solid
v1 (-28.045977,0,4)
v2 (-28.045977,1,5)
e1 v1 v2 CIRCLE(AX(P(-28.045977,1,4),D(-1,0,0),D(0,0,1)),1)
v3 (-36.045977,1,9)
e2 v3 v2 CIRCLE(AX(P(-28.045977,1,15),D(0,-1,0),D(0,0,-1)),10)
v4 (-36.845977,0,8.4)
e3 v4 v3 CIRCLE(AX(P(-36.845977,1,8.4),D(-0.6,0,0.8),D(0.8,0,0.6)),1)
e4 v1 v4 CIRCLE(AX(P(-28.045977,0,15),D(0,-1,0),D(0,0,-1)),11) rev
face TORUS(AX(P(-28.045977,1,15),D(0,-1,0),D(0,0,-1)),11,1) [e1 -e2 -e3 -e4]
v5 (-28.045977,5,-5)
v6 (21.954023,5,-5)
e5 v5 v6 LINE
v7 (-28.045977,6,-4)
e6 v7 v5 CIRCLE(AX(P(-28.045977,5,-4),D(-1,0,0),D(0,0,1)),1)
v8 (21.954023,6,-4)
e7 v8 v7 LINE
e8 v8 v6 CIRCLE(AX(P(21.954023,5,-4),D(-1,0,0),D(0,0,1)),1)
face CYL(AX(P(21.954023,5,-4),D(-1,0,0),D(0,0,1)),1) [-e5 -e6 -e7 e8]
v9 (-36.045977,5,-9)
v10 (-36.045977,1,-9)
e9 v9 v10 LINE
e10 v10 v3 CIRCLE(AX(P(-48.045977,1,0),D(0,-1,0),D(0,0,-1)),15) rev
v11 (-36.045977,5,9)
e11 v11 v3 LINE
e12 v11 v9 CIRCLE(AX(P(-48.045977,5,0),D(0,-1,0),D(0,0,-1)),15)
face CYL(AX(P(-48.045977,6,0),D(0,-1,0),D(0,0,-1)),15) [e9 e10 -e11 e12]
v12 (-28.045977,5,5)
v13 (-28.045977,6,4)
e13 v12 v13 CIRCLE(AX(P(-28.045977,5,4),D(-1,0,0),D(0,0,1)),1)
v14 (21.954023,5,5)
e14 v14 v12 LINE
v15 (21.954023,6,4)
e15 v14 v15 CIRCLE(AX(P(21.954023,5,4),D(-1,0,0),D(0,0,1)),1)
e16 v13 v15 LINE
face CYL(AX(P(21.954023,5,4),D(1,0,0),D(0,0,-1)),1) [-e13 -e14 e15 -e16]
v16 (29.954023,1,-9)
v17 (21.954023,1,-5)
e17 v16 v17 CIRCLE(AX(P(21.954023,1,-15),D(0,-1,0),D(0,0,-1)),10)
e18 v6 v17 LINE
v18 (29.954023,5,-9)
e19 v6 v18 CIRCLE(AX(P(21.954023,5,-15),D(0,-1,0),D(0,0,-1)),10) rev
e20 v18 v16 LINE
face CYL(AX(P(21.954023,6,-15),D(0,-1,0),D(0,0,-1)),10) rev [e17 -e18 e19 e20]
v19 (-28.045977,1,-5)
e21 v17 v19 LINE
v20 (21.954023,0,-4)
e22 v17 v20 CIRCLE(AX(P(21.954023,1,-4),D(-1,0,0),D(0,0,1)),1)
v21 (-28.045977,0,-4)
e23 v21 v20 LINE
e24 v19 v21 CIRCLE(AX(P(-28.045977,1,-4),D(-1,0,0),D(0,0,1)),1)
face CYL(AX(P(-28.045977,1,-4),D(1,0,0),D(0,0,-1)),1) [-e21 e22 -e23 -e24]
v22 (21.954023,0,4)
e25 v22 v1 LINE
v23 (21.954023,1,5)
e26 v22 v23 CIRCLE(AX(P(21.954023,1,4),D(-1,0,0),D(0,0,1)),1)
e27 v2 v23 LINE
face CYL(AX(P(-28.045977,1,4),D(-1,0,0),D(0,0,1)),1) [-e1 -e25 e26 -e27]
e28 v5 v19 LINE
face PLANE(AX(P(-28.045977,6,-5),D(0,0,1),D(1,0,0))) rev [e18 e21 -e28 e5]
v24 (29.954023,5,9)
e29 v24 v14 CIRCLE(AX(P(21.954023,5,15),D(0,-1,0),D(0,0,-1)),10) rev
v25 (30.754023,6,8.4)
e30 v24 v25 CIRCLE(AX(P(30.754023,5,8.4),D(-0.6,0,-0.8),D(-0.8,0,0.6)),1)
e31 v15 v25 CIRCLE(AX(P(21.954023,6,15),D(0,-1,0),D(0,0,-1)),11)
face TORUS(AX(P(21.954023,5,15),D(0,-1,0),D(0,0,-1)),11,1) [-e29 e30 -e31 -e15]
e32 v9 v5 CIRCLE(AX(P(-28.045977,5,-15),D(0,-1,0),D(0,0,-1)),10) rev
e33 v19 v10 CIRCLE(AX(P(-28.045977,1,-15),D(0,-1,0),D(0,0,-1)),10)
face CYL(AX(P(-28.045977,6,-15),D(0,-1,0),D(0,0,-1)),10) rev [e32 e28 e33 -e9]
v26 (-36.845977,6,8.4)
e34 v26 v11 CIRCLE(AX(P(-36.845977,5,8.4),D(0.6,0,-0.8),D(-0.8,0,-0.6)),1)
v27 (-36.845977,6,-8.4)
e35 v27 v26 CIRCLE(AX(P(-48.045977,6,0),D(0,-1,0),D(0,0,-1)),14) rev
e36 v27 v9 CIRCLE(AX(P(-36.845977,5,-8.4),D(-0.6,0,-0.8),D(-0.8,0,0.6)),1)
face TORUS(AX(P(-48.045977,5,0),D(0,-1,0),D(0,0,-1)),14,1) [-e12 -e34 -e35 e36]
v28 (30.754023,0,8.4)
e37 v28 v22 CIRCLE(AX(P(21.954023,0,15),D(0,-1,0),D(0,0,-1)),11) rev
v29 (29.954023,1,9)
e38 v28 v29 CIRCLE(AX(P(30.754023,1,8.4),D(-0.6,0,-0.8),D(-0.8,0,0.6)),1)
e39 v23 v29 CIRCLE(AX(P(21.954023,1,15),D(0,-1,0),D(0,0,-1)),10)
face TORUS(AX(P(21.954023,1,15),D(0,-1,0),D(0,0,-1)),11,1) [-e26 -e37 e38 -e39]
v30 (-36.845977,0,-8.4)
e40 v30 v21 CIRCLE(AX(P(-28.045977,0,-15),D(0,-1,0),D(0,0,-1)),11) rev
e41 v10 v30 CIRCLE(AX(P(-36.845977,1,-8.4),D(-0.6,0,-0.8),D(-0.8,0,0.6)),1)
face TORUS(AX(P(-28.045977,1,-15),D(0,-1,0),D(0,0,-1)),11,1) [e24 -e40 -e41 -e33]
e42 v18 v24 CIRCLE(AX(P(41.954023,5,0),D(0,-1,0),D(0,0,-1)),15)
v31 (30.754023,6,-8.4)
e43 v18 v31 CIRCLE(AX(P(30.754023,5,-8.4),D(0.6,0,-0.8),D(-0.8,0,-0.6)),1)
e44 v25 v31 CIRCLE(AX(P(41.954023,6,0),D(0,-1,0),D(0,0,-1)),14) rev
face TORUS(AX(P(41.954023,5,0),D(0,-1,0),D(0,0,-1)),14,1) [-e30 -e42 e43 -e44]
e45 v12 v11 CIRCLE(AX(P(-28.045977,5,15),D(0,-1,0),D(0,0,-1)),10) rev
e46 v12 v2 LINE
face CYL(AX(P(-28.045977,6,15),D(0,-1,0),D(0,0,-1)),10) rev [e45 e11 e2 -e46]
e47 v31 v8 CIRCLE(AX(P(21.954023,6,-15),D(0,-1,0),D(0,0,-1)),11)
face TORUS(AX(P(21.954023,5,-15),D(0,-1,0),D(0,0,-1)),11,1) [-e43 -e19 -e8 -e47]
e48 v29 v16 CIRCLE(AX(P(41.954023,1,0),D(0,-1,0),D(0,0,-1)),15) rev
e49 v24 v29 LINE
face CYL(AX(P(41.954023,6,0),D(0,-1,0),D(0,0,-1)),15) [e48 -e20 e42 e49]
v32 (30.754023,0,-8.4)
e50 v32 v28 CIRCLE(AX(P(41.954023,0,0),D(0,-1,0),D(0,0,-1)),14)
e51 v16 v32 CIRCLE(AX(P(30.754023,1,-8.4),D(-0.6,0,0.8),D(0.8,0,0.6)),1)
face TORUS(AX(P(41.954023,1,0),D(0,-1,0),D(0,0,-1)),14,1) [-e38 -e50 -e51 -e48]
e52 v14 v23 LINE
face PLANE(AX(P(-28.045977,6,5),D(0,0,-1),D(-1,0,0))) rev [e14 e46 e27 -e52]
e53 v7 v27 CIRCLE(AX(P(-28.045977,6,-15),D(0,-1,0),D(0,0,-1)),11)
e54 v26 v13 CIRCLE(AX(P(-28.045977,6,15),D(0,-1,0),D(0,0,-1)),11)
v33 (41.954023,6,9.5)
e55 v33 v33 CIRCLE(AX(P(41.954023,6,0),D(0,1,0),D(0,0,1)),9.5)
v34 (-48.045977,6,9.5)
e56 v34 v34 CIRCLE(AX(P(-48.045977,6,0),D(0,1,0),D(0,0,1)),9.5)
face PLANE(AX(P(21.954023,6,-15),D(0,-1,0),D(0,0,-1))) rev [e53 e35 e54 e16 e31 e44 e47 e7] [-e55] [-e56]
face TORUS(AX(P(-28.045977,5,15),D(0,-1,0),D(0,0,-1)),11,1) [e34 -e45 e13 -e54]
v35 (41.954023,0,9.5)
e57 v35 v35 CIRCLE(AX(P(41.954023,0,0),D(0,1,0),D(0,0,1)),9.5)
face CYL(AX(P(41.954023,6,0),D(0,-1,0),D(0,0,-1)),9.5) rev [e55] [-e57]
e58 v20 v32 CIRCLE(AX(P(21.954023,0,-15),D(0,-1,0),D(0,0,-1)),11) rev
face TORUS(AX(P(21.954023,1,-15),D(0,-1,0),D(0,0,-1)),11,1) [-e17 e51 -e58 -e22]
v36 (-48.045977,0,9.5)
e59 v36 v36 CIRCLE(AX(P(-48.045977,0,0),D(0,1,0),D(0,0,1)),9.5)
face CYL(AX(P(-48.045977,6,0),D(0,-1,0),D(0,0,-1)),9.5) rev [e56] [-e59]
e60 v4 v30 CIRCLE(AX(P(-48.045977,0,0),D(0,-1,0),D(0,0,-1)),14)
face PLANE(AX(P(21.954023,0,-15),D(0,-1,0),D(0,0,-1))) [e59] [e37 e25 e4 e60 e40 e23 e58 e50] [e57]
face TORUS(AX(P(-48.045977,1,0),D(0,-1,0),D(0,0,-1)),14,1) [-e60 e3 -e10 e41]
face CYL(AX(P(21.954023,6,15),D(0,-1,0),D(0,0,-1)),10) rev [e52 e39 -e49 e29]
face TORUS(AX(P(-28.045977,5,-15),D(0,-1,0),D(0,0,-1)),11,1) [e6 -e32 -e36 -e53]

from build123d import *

# Parameters (mm, degrees)
SKETCH1_R           = 9.5
BOSS_EXTRUDE1_DEPTH = 6
FILLET1_R           = 1


with BuildPart() as part:
    # Sketch1 → Boss-Extrude1 (new body)
    with BuildSketch(Plane(origin=(0, 0, 0), x_dir=(1, 0, 0), z_dir=(0, 1, 0))):
        with BuildLine():
            Line((-28.045977011, 5), (21.954022989, 5))
            ThreePointArc((21.954022989, 5), (26.426158944, 6.05572809), (29.954022989, 9))
            ThreePointArc((29.954022989, 9), (56.954022989, 0), (29.954022989, -9))
            ThreePointArc((29.954022989, -9), (26.426158944, -6.05572809), (21.954022989, -5))
            Line((21.954022989, -5), (-28.045977011, -5))
            ThreePointArc((-28.045977011, -5), (-32.518112966, -6.05572809), (-36.045977011, -9))
            ThreePointArc((-36.045977011, -9), (-63.045977011, 0), (-36.045977011, 9))
            ThreePointArc((-36.045977011, 9), (-32.518112966, 6.05572809), (-28.045977011, 5))
        make_face()
        with Locations(Location((-48.045977011, 0, 0), (0, 0, 270))):
            Circle(SKETCH1_R, mode=Mode.SUBTRACT)
        with Locations(Location((41.954022989, 0, 0), (0, 0, 270))):
            Circle(SKETCH1_R, mode=Mode.SUBTRACT)
    extrude(amount=BOSS_EXTRUDE1_DEPTH)

    # Fillet1
    fillet1_edges = [part.edges().sort_by_distance(p)[0] for p in [
        (-63.045977011, 0, 0),
        (-32.518112966, 0, -6.05572809),
        (-3.045977011, 0, -5),
        (26.426158944, 0, -6.05572809),
        (-32.518112966, 6, -6.05572809),
        (-63.045977011, 6, 0),
        (-32.518112966, 6, 6.05572809),
        (-3.045977011, 6, 5),
        (26.426158944, 6, 6.05572809),
        (56.954022989, 6, 0),
        (26.426158944, 6, -6.05572809),
        (56.954022989, 0, 0),
        (-3.045977011, 6, -5),
        (26.426158944, 0, 6.05572809),
        (-3.045977011, 0, 5),
        (-32.518112966, 0, 6.05572809),
    ]]
    fillet(fillet1_edges, radius=FILLET1_R)


solid = part.part
